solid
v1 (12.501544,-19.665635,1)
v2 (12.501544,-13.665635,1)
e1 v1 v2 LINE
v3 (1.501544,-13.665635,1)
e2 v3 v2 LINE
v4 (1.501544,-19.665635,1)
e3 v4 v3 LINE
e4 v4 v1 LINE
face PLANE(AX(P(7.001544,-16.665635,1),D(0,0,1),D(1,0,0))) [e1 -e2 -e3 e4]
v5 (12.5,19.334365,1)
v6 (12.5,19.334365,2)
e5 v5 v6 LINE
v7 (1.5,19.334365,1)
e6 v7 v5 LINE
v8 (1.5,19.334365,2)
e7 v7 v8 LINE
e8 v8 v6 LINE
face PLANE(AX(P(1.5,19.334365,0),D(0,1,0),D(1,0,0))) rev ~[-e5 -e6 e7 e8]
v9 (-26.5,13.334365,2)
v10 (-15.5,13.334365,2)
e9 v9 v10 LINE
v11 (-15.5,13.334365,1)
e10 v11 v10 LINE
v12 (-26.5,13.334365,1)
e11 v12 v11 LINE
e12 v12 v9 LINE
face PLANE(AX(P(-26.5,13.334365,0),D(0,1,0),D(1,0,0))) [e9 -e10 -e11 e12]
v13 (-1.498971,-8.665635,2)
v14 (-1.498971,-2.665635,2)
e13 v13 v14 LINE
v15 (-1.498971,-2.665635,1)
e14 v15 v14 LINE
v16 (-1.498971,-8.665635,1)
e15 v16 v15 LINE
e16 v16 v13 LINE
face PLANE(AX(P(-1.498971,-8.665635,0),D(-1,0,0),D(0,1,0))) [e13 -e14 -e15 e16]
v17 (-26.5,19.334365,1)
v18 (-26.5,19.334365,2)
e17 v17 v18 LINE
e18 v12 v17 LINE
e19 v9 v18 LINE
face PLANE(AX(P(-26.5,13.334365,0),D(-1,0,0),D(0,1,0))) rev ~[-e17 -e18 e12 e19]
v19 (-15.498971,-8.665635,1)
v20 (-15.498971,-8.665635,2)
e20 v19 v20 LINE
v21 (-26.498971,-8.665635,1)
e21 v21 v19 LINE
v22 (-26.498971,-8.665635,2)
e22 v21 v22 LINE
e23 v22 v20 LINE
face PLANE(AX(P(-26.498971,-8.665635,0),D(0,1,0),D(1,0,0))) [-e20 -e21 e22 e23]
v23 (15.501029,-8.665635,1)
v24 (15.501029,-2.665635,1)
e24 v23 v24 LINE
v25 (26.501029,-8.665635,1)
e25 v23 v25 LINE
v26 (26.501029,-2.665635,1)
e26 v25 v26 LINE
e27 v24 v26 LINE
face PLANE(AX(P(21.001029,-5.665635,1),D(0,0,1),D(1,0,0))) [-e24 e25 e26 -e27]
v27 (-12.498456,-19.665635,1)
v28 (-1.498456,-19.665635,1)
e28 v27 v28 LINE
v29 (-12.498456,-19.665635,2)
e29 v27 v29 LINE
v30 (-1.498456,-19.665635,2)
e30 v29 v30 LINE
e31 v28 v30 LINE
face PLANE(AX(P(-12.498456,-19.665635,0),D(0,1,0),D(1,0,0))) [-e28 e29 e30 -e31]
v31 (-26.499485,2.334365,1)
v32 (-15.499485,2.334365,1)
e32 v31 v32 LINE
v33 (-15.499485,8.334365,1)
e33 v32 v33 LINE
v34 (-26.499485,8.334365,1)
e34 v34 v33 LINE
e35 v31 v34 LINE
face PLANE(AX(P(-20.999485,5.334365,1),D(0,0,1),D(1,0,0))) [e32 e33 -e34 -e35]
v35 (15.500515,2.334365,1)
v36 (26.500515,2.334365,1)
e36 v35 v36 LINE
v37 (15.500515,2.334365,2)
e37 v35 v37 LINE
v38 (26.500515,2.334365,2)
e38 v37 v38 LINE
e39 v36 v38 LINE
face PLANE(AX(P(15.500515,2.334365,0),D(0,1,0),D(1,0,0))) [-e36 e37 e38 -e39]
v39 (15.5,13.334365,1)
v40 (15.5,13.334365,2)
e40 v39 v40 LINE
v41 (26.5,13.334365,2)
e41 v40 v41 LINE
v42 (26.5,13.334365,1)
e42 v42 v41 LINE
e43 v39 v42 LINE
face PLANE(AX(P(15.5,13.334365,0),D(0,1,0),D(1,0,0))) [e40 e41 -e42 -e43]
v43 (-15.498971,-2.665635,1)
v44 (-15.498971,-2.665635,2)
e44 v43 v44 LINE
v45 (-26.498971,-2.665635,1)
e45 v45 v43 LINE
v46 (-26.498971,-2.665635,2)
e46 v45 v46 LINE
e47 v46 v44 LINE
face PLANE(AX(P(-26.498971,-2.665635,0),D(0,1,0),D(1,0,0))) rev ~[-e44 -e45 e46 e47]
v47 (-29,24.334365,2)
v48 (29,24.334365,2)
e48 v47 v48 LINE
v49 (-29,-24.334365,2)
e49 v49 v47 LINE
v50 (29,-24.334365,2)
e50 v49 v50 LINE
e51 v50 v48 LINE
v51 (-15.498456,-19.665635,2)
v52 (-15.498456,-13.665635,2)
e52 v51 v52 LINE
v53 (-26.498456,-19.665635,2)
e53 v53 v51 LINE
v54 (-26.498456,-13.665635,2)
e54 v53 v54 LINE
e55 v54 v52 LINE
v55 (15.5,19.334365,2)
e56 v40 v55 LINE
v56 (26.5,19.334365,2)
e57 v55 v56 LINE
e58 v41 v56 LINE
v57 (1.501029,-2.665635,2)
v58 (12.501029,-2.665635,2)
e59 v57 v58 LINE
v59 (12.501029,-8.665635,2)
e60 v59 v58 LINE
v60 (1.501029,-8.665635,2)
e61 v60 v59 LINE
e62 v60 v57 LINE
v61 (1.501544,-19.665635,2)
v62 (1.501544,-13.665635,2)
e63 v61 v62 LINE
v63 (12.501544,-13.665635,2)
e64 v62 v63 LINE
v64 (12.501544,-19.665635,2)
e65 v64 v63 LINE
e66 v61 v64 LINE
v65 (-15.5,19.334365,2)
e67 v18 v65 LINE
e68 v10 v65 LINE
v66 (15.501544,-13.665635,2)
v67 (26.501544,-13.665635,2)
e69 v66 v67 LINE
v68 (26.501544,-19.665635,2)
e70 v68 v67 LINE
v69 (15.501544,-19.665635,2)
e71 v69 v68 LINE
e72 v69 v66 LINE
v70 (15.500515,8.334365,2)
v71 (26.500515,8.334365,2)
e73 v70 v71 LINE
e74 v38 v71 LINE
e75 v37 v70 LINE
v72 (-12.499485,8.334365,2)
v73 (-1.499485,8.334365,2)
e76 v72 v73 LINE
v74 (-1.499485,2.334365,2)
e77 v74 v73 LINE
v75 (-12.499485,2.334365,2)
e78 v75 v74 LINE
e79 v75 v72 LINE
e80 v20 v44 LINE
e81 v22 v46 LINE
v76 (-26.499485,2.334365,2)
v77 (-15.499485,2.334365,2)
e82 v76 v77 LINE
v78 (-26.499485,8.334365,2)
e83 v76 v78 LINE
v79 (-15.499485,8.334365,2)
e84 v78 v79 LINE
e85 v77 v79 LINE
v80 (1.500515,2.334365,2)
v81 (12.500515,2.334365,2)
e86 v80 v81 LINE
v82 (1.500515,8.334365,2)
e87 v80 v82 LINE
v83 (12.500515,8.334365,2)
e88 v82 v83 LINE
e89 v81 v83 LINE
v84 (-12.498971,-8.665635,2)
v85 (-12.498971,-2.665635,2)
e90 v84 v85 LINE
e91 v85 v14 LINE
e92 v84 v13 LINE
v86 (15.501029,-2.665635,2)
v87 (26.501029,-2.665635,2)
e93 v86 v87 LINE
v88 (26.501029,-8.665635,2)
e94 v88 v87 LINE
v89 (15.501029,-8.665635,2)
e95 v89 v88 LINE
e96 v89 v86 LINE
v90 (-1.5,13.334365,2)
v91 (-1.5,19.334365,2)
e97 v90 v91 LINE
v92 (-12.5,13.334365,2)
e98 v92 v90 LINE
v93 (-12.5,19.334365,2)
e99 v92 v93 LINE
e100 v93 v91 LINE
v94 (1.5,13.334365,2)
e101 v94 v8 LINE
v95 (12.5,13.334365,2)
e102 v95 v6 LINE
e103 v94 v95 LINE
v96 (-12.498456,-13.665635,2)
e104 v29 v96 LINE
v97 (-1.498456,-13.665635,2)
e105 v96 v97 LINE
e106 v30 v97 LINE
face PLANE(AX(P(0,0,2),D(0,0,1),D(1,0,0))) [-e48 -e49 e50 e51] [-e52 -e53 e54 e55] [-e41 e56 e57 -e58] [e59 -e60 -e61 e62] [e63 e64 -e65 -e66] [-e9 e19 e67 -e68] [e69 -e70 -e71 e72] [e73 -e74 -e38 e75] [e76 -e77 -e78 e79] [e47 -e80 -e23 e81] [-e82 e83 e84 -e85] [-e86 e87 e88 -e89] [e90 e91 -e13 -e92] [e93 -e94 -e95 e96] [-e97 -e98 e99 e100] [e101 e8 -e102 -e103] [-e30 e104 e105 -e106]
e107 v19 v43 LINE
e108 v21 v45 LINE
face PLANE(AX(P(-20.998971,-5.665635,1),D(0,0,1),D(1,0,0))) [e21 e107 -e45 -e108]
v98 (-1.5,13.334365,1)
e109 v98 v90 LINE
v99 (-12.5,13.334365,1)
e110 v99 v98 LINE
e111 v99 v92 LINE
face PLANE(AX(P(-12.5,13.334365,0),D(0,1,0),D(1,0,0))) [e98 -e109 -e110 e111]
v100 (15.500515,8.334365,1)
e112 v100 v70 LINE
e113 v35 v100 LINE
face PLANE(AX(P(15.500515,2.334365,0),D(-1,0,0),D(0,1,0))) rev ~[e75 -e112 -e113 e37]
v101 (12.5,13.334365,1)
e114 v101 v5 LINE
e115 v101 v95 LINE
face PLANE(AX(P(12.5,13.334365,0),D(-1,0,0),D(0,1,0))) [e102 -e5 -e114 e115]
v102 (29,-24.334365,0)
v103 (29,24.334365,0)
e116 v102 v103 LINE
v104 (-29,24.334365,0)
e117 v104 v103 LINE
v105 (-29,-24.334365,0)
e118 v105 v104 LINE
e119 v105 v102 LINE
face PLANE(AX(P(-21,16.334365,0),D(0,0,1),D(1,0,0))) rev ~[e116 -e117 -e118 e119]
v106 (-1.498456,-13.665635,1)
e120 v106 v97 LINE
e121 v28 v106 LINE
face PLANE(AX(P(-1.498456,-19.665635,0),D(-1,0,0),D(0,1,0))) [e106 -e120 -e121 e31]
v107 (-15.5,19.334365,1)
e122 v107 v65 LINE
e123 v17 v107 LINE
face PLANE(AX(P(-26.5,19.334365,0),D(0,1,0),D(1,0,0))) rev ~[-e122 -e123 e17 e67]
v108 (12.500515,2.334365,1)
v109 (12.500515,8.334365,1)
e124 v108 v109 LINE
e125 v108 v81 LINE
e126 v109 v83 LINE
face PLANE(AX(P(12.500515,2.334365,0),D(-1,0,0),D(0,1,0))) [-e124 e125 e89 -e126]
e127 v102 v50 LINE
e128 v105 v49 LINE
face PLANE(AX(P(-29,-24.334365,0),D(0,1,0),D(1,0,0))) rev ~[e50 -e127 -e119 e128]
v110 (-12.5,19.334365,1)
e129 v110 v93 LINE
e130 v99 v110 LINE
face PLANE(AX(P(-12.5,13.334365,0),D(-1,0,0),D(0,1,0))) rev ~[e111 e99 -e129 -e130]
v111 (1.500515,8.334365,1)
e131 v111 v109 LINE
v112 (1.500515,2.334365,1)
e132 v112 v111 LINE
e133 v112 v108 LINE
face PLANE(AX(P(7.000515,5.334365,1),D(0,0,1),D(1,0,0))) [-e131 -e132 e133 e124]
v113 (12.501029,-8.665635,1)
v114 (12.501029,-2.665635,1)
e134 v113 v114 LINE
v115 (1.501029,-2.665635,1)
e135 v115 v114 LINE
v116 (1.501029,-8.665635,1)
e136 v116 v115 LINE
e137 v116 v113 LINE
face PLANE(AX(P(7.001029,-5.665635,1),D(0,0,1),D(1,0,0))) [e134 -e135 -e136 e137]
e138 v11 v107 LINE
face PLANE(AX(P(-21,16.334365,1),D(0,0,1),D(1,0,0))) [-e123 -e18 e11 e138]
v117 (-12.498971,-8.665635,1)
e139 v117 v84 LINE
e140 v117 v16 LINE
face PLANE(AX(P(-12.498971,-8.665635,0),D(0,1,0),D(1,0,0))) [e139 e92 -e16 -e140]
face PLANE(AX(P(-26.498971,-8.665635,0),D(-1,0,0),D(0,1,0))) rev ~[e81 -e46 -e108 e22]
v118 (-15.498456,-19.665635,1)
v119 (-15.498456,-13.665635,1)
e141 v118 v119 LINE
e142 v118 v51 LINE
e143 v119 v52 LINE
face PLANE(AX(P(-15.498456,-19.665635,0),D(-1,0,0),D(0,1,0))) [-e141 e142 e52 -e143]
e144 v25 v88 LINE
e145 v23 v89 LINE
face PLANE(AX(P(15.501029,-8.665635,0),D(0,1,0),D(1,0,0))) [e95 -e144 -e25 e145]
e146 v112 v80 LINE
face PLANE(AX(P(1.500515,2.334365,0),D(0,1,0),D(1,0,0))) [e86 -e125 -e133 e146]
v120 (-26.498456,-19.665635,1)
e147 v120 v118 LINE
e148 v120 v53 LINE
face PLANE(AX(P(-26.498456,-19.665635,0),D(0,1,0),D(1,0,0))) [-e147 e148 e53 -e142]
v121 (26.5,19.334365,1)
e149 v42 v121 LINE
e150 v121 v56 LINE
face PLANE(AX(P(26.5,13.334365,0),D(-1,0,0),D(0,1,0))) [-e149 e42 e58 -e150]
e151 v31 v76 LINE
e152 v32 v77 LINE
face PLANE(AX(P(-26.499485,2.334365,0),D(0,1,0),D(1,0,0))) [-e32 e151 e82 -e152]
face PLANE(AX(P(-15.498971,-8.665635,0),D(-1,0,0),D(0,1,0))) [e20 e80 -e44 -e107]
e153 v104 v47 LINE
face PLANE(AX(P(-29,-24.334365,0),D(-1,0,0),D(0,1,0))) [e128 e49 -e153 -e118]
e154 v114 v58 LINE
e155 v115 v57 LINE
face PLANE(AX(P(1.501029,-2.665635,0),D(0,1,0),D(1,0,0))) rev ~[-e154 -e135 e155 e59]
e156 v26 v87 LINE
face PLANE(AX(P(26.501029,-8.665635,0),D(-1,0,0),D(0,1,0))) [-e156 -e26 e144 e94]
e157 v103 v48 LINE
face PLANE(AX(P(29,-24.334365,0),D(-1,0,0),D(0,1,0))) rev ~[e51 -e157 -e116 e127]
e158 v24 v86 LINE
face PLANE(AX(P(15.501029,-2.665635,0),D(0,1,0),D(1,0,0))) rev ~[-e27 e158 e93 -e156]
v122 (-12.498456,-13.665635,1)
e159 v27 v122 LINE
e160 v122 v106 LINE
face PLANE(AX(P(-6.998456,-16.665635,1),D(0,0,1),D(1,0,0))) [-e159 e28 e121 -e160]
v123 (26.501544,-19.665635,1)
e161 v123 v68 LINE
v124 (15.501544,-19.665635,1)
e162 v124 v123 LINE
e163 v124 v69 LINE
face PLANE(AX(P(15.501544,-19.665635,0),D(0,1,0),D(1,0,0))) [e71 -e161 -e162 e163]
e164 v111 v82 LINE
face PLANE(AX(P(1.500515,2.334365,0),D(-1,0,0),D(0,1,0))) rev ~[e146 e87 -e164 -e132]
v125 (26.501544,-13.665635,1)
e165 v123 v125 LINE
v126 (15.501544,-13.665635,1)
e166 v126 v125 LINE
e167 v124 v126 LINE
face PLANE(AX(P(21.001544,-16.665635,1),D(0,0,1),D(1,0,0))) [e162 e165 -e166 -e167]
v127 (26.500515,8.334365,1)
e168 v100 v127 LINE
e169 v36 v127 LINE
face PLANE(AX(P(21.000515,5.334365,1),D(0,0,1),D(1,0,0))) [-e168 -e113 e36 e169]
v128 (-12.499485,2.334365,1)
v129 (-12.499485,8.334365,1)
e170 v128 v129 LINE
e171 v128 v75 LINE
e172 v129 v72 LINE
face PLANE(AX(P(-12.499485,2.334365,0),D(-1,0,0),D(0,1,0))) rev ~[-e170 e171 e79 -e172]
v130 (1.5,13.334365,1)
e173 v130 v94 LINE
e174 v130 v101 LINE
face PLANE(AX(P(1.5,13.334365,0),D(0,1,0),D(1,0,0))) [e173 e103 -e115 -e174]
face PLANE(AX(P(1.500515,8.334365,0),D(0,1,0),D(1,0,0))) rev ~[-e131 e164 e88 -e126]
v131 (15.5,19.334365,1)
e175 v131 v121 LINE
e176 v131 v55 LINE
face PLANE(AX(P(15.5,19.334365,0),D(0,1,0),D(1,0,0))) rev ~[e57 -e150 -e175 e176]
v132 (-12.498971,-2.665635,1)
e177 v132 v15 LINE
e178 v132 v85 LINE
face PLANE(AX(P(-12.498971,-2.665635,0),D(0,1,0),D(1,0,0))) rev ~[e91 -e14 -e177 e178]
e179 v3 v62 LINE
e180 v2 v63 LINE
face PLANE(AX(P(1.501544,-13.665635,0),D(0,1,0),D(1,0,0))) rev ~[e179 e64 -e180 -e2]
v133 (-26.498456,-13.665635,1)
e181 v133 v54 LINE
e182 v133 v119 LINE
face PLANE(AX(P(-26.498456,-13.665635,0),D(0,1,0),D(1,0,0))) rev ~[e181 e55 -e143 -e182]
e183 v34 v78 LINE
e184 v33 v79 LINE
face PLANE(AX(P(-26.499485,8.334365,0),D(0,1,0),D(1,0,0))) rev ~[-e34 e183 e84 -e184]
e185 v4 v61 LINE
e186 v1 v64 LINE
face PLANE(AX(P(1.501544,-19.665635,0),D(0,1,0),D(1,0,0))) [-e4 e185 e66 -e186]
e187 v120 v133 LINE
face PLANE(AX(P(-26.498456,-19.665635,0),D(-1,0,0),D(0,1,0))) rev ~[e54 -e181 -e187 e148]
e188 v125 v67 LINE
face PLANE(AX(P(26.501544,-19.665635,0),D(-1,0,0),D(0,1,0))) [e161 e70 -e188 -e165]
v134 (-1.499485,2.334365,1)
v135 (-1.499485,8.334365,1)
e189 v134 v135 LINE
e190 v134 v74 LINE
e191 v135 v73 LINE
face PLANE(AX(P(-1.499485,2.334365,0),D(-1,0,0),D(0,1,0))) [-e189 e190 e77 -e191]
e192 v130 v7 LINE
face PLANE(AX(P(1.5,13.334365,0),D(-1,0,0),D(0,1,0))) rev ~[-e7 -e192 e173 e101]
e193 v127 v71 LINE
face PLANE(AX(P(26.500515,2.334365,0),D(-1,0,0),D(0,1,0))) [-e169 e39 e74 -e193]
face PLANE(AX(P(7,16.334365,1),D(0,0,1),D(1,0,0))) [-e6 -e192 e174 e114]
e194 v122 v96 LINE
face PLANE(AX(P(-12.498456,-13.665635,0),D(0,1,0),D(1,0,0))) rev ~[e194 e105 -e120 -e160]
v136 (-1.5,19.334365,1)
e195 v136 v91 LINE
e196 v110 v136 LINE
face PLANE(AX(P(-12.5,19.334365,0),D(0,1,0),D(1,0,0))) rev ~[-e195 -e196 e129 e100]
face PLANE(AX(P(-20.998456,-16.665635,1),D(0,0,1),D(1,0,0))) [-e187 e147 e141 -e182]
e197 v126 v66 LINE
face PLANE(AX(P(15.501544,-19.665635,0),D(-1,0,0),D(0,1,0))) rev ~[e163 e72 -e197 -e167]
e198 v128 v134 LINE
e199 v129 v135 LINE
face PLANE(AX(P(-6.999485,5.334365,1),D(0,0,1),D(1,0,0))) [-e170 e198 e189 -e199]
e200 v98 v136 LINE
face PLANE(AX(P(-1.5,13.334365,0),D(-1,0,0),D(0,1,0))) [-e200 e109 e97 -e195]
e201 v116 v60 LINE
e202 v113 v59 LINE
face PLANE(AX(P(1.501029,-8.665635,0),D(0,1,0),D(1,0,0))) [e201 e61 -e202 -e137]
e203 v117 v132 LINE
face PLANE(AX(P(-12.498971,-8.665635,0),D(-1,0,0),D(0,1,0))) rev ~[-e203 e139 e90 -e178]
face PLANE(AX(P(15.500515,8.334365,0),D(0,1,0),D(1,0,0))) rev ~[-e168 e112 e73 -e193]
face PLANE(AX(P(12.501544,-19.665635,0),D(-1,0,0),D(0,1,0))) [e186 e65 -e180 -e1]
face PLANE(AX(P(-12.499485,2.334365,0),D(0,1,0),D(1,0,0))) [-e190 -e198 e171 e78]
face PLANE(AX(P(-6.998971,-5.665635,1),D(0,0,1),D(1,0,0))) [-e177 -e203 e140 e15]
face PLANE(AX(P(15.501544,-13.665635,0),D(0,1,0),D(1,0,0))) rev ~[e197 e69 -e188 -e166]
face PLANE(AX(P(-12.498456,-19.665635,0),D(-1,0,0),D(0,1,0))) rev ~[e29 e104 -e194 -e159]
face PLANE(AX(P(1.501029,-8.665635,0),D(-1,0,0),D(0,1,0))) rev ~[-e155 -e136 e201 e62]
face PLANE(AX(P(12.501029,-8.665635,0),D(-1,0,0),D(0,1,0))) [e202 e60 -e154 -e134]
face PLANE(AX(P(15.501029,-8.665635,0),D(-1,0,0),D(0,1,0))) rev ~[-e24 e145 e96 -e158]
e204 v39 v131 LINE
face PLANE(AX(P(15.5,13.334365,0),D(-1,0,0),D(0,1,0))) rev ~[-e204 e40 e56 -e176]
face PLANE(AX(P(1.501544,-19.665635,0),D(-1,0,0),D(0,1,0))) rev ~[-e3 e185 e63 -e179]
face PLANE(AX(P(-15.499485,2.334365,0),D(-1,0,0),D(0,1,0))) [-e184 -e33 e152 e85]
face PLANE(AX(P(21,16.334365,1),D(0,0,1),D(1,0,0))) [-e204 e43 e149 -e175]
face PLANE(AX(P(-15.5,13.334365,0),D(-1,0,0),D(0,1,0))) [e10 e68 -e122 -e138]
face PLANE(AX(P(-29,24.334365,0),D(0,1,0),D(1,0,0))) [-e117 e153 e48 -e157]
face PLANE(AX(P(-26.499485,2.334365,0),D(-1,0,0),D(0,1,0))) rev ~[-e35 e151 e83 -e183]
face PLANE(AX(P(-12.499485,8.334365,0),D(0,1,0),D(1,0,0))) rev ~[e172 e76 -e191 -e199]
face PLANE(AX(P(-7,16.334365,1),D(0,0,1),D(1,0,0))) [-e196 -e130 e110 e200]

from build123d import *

# Parameters (mm, degrees)
F0_W     = 58
F0_H     = 48.66873
F0_W_2   = 11
F0_H_2   = 6
F1_DEPTH = 2
F2_DEPTH = 1


with BuildPart() as f1:
    # F0 (on Top) → F1 (new body)
    with BuildSketch(Plane.XY):
        Rectangle(F0_W, F0_H)
        with Locations((-20.998456, -16.665635)):
            Rectangle(F0_W_2, F0_H_2, mode=Mode.SUBTRACT)
        with Locations((-6.998456, -16.665635)):
            Rectangle(F0_W_2, F0_H_2, mode=Mode.SUBTRACT)
        with Locations((-20.998971, -5.665635)):
            Rectangle(F0_W_2, F0_H_2, mode=Mode.SUBTRACT)
        with Locations((-6.998971, -5.665635)):
            Rectangle(F0_W_2, F0_H_2, mode=Mode.SUBTRACT)
        with Locations((7.001544, -16.665635)):
            Rectangle(F0_W_2, F0_H_2, mode=Mode.SUBTRACT)
        with Locations((21.001544, -16.665635)):
            Rectangle(F0_W_2, F0_H_2, mode=Mode.SUBTRACT)
        with Locations((7.001029, -5.665635)):
            Rectangle(F0_W_2, F0_H_2, mode=Mode.SUBTRACT)
        with Locations((21.001029, -5.665635)):
            Rectangle(F0_W_2, F0_H_2, mode=Mode.SUBTRACT)
        with Locations((-20.999485, 5.334365)):
            Rectangle(F0_W_2, F0_H_2, mode=Mode.SUBTRACT)
        with Locations((-6.999485, 5.334365)):
            Rectangle(F0_W_2, F0_H_2, mode=Mode.SUBTRACT)
        with Locations((-21, 16.334365)):
            Rectangle(F0_W_2, F0_H_2, mode=Mode.SUBTRACT)
        with Locations((-7, 16.334365)):
            Rectangle(F0_W_2, F0_H_2, mode=Mode.SUBTRACT)
        with Locations((7.000515, 5.334365)):
            Rectangle(F0_W_2, F0_H_2, mode=Mode.SUBTRACT)
        with Locations((21.000515, 5.334365)):
            Rectangle(F0_W_2, F0_H_2, mode=Mode.SUBTRACT)
        with Locations((7, 16.334365)):
            Rectangle(F0_W_2, F0_H_2, mode=Mode.SUBTRACT)
        with Locations((21, 16.334365)):
            Rectangle(F0_W_2, F0_H_2, mode=Mode.SUBTRACT)
    extrude(amount=F1_DEPTH)

    # F0 (on Top) → F2 (join)
    with BuildSketch(Plane.XY):
        with Locations((-21, 16.334365)):
            Rectangle(F0_W_2, F0_H_2)
        with Locations((-7, 16.334365)):
            Rectangle(F0_W_2, F0_H_2)
        with Locations((7, 16.334365)):
            Rectangle(F0_W_2, F0_H_2)
        with Locations((21, 16.334365)):
            Rectangle(F0_W_2, F0_H_2)
        with Locations((-20.999485, 5.334365)):
            Rectangle(F0_W_2, F0_H_2)
        with Locations((-6.999485, 5.334365)):
            Rectangle(F0_W_2, F0_H_2)
        with Locations((7.000515, 5.334365)):
            Rectangle(F0_W_2, F0_H_2)
        with Locations((21.000515, 5.334365)):
            Rectangle(F0_W_2, F0_H_2)
        with Locations((21.001029, -5.665635)):
            Rectangle(F0_W_2, F0_H_2)
        with Locations((7.001029, -5.665635)):
            Rectangle(F0_W_2, F0_H_2)
        with Locations((-6.998971, -5.665635)):
            Rectangle(F0_W_2, F0_H_2)
        with Locations((-20.998971, -5.665635)):
            Rectangle(F0_W_2, F0_H_2)
        with Locations((-20.998456, -16.665635)):
            Rectangle(F0_W_2, F0_H_2)
        with Locations((-6.998456, -16.665635)):
            Rectangle(F0_W_2, F0_H_2)
        with Locations((7.001544, -16.665635)):
            Rectangle(F0_W_2, F0_H_2)
        with Locations((21.001544, -16.665635)):
            Rectangle(F0_W_2, F0_H_2)
    extrude(amount=F2_DEPTH)


solid = f1.part
